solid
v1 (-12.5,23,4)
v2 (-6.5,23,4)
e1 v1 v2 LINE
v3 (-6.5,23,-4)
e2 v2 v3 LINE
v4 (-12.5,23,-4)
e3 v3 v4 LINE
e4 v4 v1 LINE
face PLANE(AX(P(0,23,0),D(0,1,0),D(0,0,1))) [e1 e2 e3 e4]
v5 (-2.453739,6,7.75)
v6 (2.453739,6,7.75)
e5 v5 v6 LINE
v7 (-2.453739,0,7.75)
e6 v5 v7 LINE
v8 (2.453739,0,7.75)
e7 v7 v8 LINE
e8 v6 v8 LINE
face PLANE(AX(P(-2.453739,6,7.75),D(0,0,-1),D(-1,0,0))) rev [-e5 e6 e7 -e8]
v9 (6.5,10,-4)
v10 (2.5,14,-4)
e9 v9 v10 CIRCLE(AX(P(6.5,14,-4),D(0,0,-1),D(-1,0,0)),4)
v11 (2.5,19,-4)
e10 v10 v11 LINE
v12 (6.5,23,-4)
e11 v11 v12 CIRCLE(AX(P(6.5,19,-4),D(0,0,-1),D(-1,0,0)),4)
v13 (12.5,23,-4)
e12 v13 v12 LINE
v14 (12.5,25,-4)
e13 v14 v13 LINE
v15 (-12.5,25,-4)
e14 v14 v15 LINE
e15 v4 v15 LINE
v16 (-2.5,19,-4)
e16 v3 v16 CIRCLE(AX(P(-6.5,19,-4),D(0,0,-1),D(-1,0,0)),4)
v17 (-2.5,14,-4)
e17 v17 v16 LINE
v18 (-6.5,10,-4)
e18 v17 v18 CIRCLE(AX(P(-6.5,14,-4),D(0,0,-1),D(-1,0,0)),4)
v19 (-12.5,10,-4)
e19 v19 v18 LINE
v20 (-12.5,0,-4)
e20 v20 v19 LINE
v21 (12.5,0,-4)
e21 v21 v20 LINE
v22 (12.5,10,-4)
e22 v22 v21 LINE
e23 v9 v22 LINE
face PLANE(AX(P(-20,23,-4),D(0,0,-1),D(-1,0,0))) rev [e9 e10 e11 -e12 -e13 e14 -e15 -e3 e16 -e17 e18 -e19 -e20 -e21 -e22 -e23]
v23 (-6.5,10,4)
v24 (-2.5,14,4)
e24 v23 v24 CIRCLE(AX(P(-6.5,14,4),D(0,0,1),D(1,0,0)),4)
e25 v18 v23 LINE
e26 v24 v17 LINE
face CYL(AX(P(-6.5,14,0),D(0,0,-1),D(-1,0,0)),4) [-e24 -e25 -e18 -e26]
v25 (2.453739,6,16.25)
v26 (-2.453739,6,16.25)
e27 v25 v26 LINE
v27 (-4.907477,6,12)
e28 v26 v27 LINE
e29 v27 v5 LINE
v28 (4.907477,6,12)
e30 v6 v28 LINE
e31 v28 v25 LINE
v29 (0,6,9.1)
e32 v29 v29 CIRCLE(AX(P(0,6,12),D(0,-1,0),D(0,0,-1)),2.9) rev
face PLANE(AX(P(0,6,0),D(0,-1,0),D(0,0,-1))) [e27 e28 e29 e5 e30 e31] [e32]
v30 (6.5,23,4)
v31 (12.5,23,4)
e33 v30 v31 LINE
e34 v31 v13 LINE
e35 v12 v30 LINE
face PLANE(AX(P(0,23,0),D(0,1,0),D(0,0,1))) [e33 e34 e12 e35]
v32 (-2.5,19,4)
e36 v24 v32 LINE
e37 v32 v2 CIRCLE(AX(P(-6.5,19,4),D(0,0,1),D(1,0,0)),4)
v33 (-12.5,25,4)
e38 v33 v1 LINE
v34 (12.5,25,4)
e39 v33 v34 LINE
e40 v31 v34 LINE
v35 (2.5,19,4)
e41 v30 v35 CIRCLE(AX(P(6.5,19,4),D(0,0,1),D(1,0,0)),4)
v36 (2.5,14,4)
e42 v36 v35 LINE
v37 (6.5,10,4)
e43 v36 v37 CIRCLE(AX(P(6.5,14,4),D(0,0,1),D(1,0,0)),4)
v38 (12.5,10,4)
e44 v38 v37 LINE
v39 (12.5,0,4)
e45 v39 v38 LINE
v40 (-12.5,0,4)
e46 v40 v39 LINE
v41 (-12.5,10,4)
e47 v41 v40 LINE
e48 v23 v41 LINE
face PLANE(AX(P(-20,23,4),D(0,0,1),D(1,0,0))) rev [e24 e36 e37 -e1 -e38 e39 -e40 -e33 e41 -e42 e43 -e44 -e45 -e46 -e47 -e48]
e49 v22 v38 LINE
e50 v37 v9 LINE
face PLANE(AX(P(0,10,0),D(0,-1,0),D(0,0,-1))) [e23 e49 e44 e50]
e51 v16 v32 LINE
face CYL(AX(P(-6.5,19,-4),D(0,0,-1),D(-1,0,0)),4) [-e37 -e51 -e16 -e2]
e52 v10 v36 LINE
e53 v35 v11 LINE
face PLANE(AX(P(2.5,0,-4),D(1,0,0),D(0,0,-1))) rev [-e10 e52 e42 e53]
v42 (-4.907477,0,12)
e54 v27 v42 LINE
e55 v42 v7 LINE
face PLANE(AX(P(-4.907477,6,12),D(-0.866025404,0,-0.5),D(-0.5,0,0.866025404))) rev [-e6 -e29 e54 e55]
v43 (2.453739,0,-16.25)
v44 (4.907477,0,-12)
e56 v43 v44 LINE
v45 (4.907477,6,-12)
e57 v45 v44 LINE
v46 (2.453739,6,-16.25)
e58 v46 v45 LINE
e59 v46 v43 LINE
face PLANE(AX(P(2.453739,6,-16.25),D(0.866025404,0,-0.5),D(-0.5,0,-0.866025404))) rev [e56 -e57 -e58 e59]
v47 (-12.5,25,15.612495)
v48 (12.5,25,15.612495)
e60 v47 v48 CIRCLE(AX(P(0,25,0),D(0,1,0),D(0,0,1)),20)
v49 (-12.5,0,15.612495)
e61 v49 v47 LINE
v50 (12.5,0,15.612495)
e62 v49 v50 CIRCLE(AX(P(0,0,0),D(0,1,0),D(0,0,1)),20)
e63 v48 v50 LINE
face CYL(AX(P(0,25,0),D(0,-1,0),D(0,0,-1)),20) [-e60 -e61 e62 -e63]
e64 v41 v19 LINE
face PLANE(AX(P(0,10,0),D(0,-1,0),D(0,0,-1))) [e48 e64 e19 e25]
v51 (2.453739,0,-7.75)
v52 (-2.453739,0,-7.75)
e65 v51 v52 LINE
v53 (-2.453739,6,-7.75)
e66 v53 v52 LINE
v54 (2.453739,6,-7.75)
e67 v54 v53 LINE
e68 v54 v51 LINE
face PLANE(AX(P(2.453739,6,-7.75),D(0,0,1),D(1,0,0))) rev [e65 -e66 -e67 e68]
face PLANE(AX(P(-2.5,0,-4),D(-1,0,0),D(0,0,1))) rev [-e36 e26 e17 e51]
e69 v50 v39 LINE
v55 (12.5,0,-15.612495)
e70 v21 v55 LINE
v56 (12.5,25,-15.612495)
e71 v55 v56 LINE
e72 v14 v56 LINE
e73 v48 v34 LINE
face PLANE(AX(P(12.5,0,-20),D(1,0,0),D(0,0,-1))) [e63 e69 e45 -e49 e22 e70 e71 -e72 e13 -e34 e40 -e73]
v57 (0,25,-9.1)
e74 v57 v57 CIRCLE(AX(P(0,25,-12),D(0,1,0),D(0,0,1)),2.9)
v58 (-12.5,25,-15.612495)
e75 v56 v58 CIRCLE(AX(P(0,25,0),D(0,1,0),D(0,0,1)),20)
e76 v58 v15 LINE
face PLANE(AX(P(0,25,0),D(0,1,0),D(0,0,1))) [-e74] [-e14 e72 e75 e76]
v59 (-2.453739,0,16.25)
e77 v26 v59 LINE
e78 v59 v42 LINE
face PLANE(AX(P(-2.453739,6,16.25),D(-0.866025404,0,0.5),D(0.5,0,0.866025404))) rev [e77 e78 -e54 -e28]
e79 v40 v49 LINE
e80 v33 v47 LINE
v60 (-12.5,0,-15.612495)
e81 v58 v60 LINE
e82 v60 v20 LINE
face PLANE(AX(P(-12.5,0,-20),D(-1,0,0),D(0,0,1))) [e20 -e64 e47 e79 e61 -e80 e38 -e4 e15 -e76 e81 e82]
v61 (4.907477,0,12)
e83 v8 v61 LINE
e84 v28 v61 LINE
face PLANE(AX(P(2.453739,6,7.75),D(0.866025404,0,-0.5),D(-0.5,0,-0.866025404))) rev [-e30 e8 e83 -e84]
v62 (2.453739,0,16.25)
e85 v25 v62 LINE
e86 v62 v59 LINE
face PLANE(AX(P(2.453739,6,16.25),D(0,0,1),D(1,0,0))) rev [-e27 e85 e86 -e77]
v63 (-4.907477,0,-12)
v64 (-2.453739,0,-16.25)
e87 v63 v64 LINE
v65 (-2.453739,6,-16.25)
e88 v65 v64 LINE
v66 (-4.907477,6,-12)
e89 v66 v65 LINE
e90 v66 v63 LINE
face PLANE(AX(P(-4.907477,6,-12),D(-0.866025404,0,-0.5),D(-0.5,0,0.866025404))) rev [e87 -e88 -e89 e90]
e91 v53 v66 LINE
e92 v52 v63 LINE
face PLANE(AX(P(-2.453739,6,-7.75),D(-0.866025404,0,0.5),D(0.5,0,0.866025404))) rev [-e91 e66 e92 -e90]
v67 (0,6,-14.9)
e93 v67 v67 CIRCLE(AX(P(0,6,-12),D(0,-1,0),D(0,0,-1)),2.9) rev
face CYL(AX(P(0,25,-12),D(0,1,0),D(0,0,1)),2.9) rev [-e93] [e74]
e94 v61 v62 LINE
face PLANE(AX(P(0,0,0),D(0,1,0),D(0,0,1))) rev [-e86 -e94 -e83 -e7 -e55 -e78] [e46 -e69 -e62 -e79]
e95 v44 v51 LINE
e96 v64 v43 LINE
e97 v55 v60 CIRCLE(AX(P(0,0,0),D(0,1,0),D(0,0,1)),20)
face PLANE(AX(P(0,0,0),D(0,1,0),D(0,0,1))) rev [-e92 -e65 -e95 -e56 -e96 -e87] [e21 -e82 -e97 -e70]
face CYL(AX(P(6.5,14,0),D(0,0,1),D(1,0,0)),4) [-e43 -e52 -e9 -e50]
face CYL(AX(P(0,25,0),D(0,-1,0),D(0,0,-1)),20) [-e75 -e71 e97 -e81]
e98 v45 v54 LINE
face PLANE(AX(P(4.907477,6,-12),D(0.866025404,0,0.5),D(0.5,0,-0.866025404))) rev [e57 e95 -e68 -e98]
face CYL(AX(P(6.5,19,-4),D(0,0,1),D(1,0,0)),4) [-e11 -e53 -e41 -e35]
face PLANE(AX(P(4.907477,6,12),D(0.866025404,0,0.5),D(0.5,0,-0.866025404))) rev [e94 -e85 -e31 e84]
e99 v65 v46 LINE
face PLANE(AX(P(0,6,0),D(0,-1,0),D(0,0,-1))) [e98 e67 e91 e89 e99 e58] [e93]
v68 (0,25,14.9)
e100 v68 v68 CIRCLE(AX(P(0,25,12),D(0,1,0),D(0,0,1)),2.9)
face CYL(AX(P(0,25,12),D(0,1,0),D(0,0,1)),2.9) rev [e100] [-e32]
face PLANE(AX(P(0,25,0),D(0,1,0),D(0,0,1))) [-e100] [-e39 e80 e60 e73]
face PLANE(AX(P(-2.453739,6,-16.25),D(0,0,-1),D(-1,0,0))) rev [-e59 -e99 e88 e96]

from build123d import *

# Parameters (mm, degrees)
SKETCH1_R               = 20
BOSS_EXTRUDE1_DEPTH     = 25
SKETCH2_W               = 40
SKETCH2_H               = 8
CUT_EXTRUDE1_DEPTH      = 2
M5_CLEARANCE_HOLE1_D    = 5.8
CUT_EXTRUDE2_DEPTH      = 6
CUT_EXTRUDE3_DEPTH      = 37.455452267
CUT_EXTRUDE3_DEPTH_BACK = 37.455452267
SKETCH6_W               = 5
SKETCH6_H               = 8
SKETCH7_W               = 40
SKETCH7_H               = 8
CUT_EXTRUDE4_DEPTH      = 10
FILLET1_R               = 4
SKETCH8_OUTSIDE_W       = 54.37
SKETCH8_OUTSIDE_H       = 54.37
SKETCH8_OUTSIDE_W_2     = 25
SKETCH8_OUTSIDE_H_2     = 40
CUT_EXTRUDE5_DEPTH      = 38.749172176


with BuildPart() as part:
    # Sketch1 → Boss-Extrude1 (new body)
    with BuildSketch(Plane(origin=(0, 0, 0), x_dir=(1, 0, 0), z_dir=(0, 1, 0))):
        with Locations(Location((0, 0, 0), (0, 0, 270))):
            Circle(SKETCH1_R)
    extrude(amount=BOSS_EXTRUDE1_DEPTH)

    # Sketch2 → Cut-Extrude1 (cut)
    with BuildSketch(Plane(origin=(0, 25, 0), x_dir=(1, 0, 0), z_dir=(0, 1, 0))):
        Rectangle(SKETCH2_W, SKETCH2_H)
    extrude(amount=-CUT_EXTRUDE1_DEPTH, mode=Mode.SUBTRACT)

    # M5 Clearance Hole1 (through all)
    with Locations(Plane(origin=(0, 25, -12), x_dir=(0, 0, 1), z_dir=(0, 1, 0))):
        with Locations((0, 0), (24, 0)):
            Hole(M5_CLEARANCE_HOLE1_D / 2)

    # Sketch5 → Cut-Extrude2 (cut)
    with BuildSketch(Plane.XZ):
        Polygon((4.907477288, 12), (2.453738644, 16.25), (-2.453738644, 16.25), (-4.907477288, 12), (-2.453738644, 7.75), (2.453738644, 7.75), align=None)
        Polygon((4.907477288, -12), (2.453738644, -7.75), (-2.453738644, -7.75), (-4.907477288, -12), (-2.453738644, -16.25), (2.453738644, -16.25), align=None)
    extrude(amount=-CUT_EXTRUDE2_DEPTH, mode=Mode.SUBTRACT)

    # Sketch6 → Cut-Extrude3 (cut, two sides: drawn at the far end of the back side and taken through both)
    with BuildSketch(Plane(origin=(0, 23, 0), x_dir=(1, 0, 0), z_dir=(0, 1, 0)).offset(-CUT_EXTRUDE3_DEPTH_BACK)):
        Rectangle(SKETCH6_W, SKETCH6_H)
    extrude(amount=CUT_EXTRUDE3_DEPTH + CUT_EXTRUDE3_DEPTH_BACK, mode=Mode.SUBTRACT)

    # Sketch7 → Cut-Extrude4 (cut)
    with BuildSketch(Plane.XZ):
        Rectangle(SKETCH7_W, SKETCH7_H)
    extrude(amount=-CUT_EXTRUDE4_DEPTH, mode=Mode.SUBTRACT)

    # Fillet1
    fillet1_edges = [part.edges().sort_by_distance(p)[0] for p in [
        (2.5, 10, 0),
        (-2.5, 10, 0),
        (-2.5, 23, 0),
        (2.5, 23, 0),
    ]]
    fillet(fillet1_edges, radius=FILLET1_R)

    # Sketch8 outside → Cut-Extrude5 (cut, through all)
    with BuildSketch(Plane(origin=(0, 25, 0), x_dir=(1, 0, 0), z_dir=(0, 1, 0))):
        Rectangle(SKETCH8_OUTSIDE_W, SKETCH8_OUTSIDE_H)
        Rectangle(SKETCH8_OUTSIDE_W_2, SKETCH8_OUTSIDE_H_2, mode=Mode.SUBTRACT)
    extrude(amount=-CUT_EXTRUDE5_DEPTH, mode=Mode.SUBTRACT)


solid = part.part
